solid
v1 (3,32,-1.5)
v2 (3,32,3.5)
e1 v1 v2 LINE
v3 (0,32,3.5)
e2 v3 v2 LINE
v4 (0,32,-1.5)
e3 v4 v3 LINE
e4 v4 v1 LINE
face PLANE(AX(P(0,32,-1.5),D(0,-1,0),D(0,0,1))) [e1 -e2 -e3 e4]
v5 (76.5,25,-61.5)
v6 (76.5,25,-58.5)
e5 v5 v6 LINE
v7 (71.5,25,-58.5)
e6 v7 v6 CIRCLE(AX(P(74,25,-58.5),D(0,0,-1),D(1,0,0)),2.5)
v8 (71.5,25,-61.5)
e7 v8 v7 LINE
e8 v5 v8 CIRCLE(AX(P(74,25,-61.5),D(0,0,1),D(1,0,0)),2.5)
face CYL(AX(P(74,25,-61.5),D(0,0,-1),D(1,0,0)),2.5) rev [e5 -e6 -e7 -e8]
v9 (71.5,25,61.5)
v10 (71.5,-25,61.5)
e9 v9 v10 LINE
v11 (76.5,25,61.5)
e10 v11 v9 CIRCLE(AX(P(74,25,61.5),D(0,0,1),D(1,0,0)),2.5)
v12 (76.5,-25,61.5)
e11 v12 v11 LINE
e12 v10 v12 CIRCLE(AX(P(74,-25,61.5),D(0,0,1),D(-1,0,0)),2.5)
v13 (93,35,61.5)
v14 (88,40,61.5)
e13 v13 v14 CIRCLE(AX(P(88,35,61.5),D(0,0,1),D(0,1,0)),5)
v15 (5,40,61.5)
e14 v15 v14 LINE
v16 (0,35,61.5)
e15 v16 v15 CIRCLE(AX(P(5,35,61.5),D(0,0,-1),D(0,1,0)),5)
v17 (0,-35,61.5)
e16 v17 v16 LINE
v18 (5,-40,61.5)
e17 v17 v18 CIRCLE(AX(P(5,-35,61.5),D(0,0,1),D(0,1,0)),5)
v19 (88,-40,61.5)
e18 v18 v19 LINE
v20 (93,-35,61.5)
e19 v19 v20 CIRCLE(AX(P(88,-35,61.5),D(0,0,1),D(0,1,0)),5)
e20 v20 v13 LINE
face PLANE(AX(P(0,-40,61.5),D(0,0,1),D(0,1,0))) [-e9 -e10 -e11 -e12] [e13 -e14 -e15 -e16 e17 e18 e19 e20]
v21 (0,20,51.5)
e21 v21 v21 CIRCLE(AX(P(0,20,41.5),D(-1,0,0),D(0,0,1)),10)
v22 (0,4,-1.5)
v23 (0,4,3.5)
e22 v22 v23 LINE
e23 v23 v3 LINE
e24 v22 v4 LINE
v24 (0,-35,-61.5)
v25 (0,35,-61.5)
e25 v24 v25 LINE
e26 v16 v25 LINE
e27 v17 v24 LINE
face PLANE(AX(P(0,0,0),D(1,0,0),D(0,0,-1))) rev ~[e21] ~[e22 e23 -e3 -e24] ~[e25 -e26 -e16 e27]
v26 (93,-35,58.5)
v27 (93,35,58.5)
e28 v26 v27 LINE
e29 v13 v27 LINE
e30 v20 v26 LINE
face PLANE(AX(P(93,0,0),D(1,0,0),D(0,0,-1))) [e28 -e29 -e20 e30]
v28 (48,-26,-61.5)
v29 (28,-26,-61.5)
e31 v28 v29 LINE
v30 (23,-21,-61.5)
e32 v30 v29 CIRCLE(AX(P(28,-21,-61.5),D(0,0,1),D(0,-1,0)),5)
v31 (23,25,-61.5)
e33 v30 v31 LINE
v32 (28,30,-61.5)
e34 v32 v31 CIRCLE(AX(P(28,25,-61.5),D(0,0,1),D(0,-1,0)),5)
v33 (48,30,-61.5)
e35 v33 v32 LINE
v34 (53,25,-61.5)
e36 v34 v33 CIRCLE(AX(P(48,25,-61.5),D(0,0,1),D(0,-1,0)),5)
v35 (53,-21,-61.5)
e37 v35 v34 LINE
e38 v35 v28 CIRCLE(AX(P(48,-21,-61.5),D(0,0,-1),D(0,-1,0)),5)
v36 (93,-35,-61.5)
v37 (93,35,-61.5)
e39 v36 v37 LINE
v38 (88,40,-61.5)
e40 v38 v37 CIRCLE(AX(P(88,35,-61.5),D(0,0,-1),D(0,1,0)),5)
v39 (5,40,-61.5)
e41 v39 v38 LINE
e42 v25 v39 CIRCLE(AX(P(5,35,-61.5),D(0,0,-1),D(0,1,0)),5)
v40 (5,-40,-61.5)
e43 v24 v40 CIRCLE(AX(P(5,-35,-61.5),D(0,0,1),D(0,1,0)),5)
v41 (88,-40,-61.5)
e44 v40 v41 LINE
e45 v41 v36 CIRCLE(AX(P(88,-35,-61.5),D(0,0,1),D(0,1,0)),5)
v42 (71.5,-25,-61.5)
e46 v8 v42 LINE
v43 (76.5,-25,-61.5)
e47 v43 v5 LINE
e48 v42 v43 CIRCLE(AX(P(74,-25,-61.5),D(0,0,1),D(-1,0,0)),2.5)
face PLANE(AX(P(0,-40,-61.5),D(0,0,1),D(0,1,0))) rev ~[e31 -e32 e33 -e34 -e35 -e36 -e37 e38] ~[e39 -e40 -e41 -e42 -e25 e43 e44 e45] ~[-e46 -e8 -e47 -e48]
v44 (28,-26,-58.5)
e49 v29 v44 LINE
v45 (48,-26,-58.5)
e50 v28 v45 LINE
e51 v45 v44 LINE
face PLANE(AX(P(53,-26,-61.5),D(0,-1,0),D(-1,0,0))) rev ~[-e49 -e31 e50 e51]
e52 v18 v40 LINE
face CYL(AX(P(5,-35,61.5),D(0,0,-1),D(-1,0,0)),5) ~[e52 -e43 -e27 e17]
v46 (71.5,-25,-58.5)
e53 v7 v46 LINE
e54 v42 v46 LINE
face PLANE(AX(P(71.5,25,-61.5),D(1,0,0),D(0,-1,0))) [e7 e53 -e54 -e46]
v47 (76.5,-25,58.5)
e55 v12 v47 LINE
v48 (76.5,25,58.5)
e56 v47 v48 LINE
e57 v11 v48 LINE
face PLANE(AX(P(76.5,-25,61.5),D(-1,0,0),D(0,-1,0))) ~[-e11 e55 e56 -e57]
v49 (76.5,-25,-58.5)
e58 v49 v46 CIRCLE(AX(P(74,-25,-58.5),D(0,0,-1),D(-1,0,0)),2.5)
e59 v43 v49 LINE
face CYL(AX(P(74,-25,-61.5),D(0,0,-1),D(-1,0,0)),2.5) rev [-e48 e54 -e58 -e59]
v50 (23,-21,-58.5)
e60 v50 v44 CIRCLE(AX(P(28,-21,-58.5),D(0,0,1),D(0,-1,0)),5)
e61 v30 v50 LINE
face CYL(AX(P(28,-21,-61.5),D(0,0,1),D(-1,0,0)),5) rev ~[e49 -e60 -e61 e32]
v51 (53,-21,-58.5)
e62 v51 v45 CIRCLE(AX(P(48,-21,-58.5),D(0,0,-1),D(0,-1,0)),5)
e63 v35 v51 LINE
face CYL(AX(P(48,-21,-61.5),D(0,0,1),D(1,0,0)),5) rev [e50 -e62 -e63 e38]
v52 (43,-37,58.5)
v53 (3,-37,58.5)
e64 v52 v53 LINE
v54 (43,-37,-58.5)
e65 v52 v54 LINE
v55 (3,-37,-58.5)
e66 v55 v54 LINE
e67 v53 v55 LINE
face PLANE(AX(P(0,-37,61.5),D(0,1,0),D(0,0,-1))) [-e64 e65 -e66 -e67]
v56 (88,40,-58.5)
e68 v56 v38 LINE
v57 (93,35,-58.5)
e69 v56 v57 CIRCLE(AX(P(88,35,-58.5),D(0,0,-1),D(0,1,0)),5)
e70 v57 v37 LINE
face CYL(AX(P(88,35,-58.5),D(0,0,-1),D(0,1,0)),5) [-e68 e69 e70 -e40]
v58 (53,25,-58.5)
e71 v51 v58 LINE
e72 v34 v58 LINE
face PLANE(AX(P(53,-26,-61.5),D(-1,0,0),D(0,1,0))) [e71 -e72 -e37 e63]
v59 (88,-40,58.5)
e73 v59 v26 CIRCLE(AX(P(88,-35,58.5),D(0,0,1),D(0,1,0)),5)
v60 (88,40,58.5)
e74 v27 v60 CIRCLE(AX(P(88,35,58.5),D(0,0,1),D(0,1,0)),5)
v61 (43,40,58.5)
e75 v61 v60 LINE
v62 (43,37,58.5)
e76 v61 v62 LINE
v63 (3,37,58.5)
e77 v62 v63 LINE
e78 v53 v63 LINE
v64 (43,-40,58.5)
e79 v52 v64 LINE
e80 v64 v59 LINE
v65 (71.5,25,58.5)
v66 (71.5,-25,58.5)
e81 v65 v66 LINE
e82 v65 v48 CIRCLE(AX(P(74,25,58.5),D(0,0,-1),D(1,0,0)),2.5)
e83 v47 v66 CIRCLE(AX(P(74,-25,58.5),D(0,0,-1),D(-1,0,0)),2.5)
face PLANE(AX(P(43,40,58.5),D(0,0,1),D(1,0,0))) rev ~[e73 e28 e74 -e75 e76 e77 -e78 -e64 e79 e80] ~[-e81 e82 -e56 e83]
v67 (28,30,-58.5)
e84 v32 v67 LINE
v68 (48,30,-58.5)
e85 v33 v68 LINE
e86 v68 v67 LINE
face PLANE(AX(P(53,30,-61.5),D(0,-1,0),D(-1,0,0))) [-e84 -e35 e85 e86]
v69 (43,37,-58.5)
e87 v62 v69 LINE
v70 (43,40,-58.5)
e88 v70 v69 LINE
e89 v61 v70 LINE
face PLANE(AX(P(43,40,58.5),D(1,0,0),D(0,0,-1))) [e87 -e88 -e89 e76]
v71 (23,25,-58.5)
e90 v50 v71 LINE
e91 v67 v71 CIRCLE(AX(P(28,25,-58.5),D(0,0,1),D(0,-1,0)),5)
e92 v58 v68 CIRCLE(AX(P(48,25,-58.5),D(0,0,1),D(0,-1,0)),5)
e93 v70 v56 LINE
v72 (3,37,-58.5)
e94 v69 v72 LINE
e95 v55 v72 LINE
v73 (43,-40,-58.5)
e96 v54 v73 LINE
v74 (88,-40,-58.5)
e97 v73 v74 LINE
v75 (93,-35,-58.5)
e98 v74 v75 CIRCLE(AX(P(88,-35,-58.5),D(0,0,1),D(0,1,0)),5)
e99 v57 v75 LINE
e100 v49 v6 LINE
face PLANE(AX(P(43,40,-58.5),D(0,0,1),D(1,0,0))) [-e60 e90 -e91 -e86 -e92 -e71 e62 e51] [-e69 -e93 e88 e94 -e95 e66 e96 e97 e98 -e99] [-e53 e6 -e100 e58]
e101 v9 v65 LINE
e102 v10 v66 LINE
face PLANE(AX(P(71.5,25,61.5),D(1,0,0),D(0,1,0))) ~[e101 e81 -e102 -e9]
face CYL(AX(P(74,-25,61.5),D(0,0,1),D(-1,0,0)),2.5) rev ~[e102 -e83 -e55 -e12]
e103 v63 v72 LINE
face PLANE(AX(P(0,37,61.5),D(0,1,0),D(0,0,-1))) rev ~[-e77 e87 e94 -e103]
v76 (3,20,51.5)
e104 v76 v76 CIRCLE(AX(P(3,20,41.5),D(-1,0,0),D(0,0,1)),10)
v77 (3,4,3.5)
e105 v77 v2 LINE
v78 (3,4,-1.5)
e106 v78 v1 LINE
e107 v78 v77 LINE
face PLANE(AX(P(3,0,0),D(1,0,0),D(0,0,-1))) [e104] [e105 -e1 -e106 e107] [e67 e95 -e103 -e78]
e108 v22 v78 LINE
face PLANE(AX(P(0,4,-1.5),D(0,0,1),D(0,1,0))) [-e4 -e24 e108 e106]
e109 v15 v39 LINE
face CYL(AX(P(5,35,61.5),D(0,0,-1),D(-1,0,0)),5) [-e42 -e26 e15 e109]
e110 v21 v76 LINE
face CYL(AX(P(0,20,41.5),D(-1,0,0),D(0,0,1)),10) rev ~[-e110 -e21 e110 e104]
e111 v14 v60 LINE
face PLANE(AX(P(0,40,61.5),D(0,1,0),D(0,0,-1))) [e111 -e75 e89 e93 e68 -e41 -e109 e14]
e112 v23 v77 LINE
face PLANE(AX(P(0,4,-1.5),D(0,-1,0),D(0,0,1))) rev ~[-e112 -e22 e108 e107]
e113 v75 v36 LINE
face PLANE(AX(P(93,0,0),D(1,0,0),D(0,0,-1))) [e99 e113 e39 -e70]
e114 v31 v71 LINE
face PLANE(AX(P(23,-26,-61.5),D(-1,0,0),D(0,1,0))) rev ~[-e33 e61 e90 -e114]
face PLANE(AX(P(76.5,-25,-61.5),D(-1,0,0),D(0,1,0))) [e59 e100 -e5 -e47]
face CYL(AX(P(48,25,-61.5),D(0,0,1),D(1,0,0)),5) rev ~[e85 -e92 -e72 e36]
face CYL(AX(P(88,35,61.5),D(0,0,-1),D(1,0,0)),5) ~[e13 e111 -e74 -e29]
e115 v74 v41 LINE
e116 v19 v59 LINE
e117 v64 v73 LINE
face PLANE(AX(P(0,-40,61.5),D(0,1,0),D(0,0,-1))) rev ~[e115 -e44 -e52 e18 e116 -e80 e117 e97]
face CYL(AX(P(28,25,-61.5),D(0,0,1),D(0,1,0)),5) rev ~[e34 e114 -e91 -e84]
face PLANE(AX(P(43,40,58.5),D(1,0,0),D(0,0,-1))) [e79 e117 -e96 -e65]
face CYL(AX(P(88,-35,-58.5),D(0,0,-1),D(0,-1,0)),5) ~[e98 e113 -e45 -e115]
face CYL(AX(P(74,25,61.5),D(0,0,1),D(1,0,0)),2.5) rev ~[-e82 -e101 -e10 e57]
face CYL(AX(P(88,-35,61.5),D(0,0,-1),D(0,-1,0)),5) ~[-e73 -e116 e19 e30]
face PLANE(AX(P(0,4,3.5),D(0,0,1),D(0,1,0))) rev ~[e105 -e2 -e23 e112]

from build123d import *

# Parameters (mm, degrees)
SKETCH_1_W          = 123
SKETCH_1_H          = 80
EXTRUDE_1_DEPTH     = 93
SHELL_1_T           = -3
SKETCH_2_W          = 50
SKETCH_2_H          = 117
CUT_EXTRUDE_1_DEPTH = 138.227001716
FILLET_1_R          = 5
FILLET_2_R          = 5
CUT_EXTRUDE_2_REACH = 161.305
CUT_EXTRUDE_4_REACH = 161.305
SKETCH_5_W          = 30
SKETCH_5_H          = 56
CUT_EXTRUDE_5_REACH = 120.454
SKETCH_6_R          = 10
FILLET_3_R          = 5
CUT_EXTRUDE_6_REACH = 120.454
SKETCH_7_W          = 5
SKETCH_7_H          = 28


with BuildPart() as part:
    # 草圖1 → 填料-伸長1 (new body)
    with BuildSketch(Plane(origin=(0, 0, 0), x_dir=(0, 0, -1), z_dir=(1, 0, 0))):
        Rectangle(SKETCH_1_W, SKETCH_1_H)
    extrude(amount=EXTRUDE_1_DEPTH)

    # 薄殼1
    shell_1_openings = [part.faces().sort_by_distance(p)[0] for p in [
        (93, 0, 0),
    ]]
    offset(amount=SHELL_1_T, openings=shell_1_openings, kind=Kind.INTERSECTION)

    # 草圖2 → 除料-伸長1 (cut, through all)
    with BuildSketch(Plane(origin=(0, 40, 0), x_dir=(1, 0, 0), z_dir=(0, 1, 0))):
        with Locations((68, 0)):
            Rectangle(SKETCH_2_W, SKETCH_2_H)
    extrude(amount=-CUT_EXTRUDE_1_DEPTH, mode=Mode.SUBTRACT)

    # 圓角1
    fillet_1_edges = [part.edges().sort_by_distance(p)[0] for p in [
        (0, -40, 0),
        (0, 40, 0),
    ]]
    fillet(fillet_1_edges, radius=FILLET_1_R)

    # 圓角2
    fillet_2_edges = [part.edges().sort_by_distance(p)[0] for p in [
        (93, -40, 60),
        (93, -40, -60),
        (93, 40, 60),
        (93, 40, -60),
    ]]
    fillet(fillet_2_edges, radius=FILLET_2_R)

    # 草圖3 → 除料-伸長2 (cut, up to next)
    with BuildSketch(Plane(origin=(0, 0, -61.5), x_dir=(-1, 0, 0), z_dir=(0, 0, -1)), mode=Mode.PRIVATE) as cut_extrude_2_sk1:
        with BuildLine():
            Line((-76.5, -25), (-76.5, 25))
            ThreePointArc((-76.5, 25), (-74, 27.5), (-71.5, 25))
            Line((-71.5, 25), (-71.5, -25))
            ThreePointArc((-71.5, -25), (-74, -27.5), (-76.5, -25))
        make_face()
    cut_extrude_2_tool1 = extrude(cut_extrude_2_sk1.sketch, amount=-CUT_EXTRUDE_2_REACH, mode=Mode.PRIVATE) & part.part
    cut_extrude_2 = cut_extrude_2_tool1.solids().sort_by_distance((74, 0, -61.5))[0]
    add(cut_extrude_2, mode=Mode.SUBTRACT)

    # 鏡射1: 除料-伸長2 across plane
    add(cut_extrude_2.mirror(Plane.XY), mode=Mode.SUBTRACT)

    # 草圖5 → 除料-伸長4 (cut, up to next)
    with BuildSketch(Plane(origin=(0, 0, -61.5), x_dir=(-1, 0, 0), z_dir=(0, 0, -1)), mode=Mode.PRIVATE) as cut_extrude_4_sk1:
        with Locations((-38, 2)):
            Rectangle(SKETCH_5_W, SKETCH_5_H)
    cut_extrude_4_tool1 = extrude(cut_extrude_4_sk1.sketch, amount=-CUT_EXTRUDE_4_REACH, mode=Mode.PRIVATE) & part.part
    add(cut_extrude_4_tool1.solids().sort_by_distance((38, 2, -61.5))[0], mode=Mode.SUBTRACT)

    # 草圖6 → 除料-伸長5 (cut, up to next)
    with BuildSketch(Plane.ZY, mode=Mode.PRIVATE) as cut_extrude_5_sk1:
        with Locations((41.5, 20)):
            Circle(SKETCH_6_R)
    cut_extrude_5_tool1 = extrude(cut_extrude_5_sk1.sketch, amount=-CUT_EXTRUDE_5_REACH, mode=Mode.PRIVATE) & part.part
    add(cut_extrude_5_tool1.solids().sort_by_distance((0, 20, 41.5))[0], mode=Mode.SUBTRACT)

    # 圓角3
    fillet_3_edges = [part.edges().sort_by_distance(p)[0] for p in [
        (23, -26, -60),
        (23, 30, -60),
        (53, 30, -60),
        (53, -26, -60),
    ]]
    fillet(fillet_3_edges, radius=FILLET_3_R)

    # 草圖7 → 除料-伸長6 (cut, up to next)
    with BuildSketch(Plane.ZY, mode=Mode.PRIVATE) as cut_extrude_6_sk1:
        with Locations((1, 18)):
            Rectangle(SKETCH_7_W, SKETCH_7_H)
    cut_extrude_6_tool1 = extrude(cut_extrude_6_sk1.sketch, amount=-CUT_EXTRUDE_6_REACH, mode=Mode.PRIVATE) & part.part
    add(cut_extrude_6_tool1.solids().sort_by_distance((0, 18, 1))[0], mode=Mode.SUBTRACT)


solid = part.part
